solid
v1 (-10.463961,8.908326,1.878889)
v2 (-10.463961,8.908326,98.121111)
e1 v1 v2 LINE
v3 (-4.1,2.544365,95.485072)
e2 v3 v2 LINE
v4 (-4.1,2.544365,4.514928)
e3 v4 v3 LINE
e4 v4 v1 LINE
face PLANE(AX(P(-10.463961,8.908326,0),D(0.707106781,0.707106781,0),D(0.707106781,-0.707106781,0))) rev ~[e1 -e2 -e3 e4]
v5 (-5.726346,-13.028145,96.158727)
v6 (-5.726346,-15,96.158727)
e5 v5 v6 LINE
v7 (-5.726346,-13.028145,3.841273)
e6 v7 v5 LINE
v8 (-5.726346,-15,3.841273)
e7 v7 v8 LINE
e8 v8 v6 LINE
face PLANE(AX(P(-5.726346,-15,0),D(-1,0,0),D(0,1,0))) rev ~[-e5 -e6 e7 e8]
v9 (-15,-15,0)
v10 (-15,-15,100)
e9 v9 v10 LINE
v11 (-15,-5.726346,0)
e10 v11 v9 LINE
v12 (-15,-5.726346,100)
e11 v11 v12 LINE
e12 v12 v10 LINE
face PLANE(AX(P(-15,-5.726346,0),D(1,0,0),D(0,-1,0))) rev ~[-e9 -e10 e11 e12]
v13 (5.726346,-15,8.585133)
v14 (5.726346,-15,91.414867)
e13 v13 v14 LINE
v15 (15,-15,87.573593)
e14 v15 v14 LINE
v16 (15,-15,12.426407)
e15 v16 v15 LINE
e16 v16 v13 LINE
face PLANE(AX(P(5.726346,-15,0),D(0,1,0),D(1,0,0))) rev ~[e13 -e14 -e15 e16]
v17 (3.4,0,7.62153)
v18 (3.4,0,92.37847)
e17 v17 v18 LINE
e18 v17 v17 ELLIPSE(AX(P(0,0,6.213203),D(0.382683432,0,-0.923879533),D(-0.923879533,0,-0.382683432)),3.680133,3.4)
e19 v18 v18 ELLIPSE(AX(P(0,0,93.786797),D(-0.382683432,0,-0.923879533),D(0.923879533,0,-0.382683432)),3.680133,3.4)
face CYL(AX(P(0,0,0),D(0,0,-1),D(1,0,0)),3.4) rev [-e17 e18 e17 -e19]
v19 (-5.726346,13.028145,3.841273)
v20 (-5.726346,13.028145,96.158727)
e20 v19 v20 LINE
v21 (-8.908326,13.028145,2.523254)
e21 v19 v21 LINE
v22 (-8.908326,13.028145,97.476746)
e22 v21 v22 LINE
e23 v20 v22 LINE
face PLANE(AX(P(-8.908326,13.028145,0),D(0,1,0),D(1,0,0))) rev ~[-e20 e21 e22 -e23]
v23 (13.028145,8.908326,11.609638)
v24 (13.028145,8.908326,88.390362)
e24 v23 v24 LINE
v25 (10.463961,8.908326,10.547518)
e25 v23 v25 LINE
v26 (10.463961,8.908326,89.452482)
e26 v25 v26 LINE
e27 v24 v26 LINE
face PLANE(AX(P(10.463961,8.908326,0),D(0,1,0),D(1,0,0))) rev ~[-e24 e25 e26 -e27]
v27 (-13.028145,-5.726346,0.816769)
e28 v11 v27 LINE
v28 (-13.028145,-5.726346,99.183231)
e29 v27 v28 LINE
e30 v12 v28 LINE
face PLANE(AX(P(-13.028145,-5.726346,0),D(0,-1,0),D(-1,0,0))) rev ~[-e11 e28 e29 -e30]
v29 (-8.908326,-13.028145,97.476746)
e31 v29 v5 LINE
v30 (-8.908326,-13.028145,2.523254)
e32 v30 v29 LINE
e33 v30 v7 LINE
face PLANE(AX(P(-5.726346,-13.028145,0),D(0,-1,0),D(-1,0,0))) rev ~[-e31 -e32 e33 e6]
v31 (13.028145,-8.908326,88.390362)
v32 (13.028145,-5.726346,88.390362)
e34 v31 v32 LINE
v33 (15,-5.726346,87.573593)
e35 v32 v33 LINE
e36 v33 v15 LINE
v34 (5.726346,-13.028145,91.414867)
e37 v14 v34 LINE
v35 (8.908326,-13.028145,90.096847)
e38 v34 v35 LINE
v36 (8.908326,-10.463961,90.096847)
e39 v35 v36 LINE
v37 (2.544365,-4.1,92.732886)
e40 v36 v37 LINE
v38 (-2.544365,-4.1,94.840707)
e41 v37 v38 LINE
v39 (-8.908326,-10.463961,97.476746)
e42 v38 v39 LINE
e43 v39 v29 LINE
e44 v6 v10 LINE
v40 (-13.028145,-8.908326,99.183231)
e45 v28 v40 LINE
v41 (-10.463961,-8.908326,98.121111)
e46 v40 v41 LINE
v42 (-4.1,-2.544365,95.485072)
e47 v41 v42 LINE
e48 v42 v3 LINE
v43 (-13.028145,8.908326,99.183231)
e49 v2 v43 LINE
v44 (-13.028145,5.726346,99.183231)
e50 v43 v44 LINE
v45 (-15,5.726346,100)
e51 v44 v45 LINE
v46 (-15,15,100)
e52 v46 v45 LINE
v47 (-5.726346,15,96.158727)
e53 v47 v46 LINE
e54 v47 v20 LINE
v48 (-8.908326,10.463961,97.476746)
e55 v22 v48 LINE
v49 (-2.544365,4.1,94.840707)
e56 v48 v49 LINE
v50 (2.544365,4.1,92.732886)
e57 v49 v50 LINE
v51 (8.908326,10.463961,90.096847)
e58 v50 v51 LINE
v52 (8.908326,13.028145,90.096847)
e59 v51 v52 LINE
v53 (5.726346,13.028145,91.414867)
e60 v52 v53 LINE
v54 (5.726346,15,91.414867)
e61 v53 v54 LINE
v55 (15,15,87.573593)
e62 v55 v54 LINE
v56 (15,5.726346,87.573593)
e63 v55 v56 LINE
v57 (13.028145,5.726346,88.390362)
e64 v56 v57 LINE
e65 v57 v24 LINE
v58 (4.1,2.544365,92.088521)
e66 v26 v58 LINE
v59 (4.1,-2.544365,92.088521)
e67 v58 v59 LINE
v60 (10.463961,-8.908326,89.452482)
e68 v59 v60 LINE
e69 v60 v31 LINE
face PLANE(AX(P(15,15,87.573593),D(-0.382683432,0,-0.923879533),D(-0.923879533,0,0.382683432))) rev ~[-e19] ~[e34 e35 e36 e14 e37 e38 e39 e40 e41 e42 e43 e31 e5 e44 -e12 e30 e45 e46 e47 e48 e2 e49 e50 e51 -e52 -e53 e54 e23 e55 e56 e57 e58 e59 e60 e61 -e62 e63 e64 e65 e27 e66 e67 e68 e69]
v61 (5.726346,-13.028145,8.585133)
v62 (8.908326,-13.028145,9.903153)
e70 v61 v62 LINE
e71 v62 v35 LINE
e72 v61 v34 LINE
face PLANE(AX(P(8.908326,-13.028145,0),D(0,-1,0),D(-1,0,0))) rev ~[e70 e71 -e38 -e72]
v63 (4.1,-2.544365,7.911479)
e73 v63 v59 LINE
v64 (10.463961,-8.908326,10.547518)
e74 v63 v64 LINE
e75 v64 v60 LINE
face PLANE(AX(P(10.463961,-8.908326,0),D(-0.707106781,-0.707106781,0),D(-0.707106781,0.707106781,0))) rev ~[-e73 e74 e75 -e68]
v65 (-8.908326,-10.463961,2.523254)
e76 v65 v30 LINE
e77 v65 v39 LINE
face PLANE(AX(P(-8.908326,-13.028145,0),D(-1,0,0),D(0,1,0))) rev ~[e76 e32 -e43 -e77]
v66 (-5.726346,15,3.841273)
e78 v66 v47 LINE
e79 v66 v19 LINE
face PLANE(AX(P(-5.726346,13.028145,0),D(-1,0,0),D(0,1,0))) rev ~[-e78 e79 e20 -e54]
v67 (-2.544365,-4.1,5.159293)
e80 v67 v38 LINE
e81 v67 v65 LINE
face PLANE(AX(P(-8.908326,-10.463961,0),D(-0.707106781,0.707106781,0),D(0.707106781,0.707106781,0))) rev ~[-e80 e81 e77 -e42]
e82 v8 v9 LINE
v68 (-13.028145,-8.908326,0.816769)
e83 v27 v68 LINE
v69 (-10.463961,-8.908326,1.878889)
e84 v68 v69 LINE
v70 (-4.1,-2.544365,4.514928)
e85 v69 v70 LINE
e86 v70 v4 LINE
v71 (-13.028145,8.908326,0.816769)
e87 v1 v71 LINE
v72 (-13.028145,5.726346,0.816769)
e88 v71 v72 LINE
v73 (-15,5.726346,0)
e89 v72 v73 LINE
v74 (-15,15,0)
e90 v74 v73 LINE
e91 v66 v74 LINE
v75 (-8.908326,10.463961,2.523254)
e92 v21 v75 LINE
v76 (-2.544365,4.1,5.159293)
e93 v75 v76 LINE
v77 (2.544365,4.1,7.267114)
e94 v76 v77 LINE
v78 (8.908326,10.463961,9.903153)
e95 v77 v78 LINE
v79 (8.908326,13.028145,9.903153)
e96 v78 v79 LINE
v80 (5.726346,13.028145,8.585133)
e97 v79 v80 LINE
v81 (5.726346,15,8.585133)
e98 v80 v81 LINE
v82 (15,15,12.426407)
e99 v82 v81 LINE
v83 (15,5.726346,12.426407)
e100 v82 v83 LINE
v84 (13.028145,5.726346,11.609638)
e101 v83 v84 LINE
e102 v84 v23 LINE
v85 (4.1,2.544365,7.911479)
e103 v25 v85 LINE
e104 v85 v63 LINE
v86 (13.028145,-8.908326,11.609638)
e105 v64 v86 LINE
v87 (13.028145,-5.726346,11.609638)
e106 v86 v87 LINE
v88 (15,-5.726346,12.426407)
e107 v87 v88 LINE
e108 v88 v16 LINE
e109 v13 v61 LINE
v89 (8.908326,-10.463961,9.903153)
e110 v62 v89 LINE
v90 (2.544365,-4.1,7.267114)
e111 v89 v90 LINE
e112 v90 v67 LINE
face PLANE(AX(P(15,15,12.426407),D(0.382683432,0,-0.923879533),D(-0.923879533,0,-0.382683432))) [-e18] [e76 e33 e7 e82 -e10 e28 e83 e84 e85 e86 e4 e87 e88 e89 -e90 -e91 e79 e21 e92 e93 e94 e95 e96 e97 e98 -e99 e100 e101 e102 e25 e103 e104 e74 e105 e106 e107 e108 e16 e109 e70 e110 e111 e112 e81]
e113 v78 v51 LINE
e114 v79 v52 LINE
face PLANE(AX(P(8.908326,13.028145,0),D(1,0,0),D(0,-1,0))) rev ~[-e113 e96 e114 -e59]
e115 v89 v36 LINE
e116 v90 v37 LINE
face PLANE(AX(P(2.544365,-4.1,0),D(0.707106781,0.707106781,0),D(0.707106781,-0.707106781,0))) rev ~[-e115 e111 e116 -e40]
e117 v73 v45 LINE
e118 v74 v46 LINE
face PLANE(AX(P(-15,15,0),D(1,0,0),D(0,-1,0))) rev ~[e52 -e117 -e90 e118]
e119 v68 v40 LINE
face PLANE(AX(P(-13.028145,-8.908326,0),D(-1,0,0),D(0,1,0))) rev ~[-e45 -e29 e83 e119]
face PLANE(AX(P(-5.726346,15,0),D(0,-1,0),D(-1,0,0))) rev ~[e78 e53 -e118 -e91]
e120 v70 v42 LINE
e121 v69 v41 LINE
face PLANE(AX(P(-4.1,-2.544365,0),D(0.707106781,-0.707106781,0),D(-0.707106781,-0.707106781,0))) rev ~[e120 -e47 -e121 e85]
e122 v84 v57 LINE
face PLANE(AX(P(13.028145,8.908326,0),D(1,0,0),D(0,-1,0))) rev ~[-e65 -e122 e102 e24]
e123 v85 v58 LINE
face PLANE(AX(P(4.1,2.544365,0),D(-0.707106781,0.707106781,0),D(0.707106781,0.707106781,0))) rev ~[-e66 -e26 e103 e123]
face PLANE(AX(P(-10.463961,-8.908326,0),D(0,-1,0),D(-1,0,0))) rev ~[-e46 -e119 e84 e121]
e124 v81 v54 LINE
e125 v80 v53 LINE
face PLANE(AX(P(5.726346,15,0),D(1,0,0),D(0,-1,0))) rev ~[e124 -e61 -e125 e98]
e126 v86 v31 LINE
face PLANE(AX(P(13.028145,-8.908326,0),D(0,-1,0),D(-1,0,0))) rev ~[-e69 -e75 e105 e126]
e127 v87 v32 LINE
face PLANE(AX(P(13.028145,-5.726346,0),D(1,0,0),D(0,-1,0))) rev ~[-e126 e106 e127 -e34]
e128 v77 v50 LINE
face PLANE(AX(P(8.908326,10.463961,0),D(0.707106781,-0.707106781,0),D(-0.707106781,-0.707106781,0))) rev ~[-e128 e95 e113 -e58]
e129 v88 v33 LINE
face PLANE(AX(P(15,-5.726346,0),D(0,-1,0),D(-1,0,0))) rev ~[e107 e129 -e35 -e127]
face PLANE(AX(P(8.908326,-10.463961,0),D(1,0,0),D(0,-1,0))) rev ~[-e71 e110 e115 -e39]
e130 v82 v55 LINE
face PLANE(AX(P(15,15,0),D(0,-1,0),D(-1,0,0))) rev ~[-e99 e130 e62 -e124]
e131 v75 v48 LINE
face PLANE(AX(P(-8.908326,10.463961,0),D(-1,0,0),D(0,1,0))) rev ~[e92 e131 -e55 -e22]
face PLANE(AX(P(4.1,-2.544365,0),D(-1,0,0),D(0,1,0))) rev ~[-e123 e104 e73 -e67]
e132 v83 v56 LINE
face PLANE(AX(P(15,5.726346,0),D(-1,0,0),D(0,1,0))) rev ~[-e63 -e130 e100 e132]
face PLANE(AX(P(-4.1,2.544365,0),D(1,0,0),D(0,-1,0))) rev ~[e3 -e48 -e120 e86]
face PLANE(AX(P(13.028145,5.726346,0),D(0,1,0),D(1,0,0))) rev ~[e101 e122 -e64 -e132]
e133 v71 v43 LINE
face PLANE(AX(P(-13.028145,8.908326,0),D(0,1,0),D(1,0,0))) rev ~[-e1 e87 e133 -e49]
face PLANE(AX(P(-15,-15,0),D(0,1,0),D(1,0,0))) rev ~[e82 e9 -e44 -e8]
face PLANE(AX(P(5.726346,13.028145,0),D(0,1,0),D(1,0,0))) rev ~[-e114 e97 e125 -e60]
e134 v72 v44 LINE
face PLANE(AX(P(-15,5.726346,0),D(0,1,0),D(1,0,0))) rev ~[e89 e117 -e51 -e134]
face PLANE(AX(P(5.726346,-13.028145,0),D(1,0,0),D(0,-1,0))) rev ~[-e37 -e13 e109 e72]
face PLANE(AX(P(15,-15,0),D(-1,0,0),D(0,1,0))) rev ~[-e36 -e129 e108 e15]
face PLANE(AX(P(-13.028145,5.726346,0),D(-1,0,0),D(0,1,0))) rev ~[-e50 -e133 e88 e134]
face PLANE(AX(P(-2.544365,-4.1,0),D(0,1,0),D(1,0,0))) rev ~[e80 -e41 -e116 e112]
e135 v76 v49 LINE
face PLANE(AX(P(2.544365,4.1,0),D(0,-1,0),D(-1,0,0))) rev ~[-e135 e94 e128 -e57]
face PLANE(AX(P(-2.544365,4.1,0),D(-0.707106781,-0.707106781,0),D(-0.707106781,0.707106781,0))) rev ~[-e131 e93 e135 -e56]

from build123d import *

# Parameters (mm, degrees)
SKETCH3_R           = 3.4
BOSS_EXTRUDE1_DEPTH = 100
CUT_EXTRUDE1_DEPTH  = 38
CUT_EXTRUDE2_DEPTH  = 38


with BuildPart() as part:
    # Sketch3 → Boss-Extrude1 (new body)
    with BuildSketch(Plane.XY):
        Polygon((-4.1, 2.544365081), (-4.1, -2.544365081), (-10.463961031, -8.908326112), (-13.02814489, -8.908326112), (-13.02814489, -5.726345597), (-15, -5.726345597), (-15, -15), (-5.726345597, -15), (-5.726345597, -13.02814489), (-8.908326112, -13.02814489), (-8.908326112, -10.463961031), (-2.544365081, -4.1), (2.544365081, -4.1), (8.908326112, -10.463961031), (8.908326112, -13.02814489), (5.726345597, -13.02814489), (5.726345597, -15), (15, -15), (15, -5.726345597), (13.02814489, -5.726345597), (13.02814489, -8.908326112), (10.463961031, -8.908326112), (4.1, -2.544365081), (4.1, 2.544365081), (10.463961031, 8.908326112), (13.02814489, 8.908326112), (13.02814489, 5.726345597), (15, 5.726345597), (15, 15), (5.726345597, 15), (5.726345597, 13.02814489), (8.908326112, 13.02814489), (8.908326112, 10.463961031), (2.544365081, 4.1), (-2.544365081, 4.1), (-8.908326112, 10.463961031), (-8.908326112, 13.02814489), (-5.726345597, 13.02814489), (-5.726345597, 15), (-15, 15), (-15, 5.726345597), (-13.02814489, 5.726345597), (-13.02814489, 8.908326112), (-10.463961031, 8.908326112), align=None)
        Circle(SKETCH3_R, mode=Mode.SUBTRACT)
    extrude(amount=BOSS_EXTRUDE1_DEPTH)

    # Sketch4 → Cut-Extrude1 (cut)
    with BuildSketch(Plane(origin=(0, 15, 0), x_dir=(1, 0, 0), z_dir=(0, 1, 0))):
        Polygon((-15, -100), (15, -100), (15, -87.573593129), align=None)
    extrude(amount=-CUT_EXTRUDE1_DEPTH, mode=Mode.SUBTRACT)

    # Sketch5 → Cut-Extrude2 (cut)
    with BuildSketch(Plane(origin=(0, 15, 0), x_dir=(1, 0, 0), z_dir=(0, 1, 0))):
        Polygon((-15, 0), (15, 0), (15, -12.426406871), align=None)
    extrude(amount=-CUT_EXTRUDE2_DEPTH, mode=Mode.SUBTRACT)


solid = part.part
